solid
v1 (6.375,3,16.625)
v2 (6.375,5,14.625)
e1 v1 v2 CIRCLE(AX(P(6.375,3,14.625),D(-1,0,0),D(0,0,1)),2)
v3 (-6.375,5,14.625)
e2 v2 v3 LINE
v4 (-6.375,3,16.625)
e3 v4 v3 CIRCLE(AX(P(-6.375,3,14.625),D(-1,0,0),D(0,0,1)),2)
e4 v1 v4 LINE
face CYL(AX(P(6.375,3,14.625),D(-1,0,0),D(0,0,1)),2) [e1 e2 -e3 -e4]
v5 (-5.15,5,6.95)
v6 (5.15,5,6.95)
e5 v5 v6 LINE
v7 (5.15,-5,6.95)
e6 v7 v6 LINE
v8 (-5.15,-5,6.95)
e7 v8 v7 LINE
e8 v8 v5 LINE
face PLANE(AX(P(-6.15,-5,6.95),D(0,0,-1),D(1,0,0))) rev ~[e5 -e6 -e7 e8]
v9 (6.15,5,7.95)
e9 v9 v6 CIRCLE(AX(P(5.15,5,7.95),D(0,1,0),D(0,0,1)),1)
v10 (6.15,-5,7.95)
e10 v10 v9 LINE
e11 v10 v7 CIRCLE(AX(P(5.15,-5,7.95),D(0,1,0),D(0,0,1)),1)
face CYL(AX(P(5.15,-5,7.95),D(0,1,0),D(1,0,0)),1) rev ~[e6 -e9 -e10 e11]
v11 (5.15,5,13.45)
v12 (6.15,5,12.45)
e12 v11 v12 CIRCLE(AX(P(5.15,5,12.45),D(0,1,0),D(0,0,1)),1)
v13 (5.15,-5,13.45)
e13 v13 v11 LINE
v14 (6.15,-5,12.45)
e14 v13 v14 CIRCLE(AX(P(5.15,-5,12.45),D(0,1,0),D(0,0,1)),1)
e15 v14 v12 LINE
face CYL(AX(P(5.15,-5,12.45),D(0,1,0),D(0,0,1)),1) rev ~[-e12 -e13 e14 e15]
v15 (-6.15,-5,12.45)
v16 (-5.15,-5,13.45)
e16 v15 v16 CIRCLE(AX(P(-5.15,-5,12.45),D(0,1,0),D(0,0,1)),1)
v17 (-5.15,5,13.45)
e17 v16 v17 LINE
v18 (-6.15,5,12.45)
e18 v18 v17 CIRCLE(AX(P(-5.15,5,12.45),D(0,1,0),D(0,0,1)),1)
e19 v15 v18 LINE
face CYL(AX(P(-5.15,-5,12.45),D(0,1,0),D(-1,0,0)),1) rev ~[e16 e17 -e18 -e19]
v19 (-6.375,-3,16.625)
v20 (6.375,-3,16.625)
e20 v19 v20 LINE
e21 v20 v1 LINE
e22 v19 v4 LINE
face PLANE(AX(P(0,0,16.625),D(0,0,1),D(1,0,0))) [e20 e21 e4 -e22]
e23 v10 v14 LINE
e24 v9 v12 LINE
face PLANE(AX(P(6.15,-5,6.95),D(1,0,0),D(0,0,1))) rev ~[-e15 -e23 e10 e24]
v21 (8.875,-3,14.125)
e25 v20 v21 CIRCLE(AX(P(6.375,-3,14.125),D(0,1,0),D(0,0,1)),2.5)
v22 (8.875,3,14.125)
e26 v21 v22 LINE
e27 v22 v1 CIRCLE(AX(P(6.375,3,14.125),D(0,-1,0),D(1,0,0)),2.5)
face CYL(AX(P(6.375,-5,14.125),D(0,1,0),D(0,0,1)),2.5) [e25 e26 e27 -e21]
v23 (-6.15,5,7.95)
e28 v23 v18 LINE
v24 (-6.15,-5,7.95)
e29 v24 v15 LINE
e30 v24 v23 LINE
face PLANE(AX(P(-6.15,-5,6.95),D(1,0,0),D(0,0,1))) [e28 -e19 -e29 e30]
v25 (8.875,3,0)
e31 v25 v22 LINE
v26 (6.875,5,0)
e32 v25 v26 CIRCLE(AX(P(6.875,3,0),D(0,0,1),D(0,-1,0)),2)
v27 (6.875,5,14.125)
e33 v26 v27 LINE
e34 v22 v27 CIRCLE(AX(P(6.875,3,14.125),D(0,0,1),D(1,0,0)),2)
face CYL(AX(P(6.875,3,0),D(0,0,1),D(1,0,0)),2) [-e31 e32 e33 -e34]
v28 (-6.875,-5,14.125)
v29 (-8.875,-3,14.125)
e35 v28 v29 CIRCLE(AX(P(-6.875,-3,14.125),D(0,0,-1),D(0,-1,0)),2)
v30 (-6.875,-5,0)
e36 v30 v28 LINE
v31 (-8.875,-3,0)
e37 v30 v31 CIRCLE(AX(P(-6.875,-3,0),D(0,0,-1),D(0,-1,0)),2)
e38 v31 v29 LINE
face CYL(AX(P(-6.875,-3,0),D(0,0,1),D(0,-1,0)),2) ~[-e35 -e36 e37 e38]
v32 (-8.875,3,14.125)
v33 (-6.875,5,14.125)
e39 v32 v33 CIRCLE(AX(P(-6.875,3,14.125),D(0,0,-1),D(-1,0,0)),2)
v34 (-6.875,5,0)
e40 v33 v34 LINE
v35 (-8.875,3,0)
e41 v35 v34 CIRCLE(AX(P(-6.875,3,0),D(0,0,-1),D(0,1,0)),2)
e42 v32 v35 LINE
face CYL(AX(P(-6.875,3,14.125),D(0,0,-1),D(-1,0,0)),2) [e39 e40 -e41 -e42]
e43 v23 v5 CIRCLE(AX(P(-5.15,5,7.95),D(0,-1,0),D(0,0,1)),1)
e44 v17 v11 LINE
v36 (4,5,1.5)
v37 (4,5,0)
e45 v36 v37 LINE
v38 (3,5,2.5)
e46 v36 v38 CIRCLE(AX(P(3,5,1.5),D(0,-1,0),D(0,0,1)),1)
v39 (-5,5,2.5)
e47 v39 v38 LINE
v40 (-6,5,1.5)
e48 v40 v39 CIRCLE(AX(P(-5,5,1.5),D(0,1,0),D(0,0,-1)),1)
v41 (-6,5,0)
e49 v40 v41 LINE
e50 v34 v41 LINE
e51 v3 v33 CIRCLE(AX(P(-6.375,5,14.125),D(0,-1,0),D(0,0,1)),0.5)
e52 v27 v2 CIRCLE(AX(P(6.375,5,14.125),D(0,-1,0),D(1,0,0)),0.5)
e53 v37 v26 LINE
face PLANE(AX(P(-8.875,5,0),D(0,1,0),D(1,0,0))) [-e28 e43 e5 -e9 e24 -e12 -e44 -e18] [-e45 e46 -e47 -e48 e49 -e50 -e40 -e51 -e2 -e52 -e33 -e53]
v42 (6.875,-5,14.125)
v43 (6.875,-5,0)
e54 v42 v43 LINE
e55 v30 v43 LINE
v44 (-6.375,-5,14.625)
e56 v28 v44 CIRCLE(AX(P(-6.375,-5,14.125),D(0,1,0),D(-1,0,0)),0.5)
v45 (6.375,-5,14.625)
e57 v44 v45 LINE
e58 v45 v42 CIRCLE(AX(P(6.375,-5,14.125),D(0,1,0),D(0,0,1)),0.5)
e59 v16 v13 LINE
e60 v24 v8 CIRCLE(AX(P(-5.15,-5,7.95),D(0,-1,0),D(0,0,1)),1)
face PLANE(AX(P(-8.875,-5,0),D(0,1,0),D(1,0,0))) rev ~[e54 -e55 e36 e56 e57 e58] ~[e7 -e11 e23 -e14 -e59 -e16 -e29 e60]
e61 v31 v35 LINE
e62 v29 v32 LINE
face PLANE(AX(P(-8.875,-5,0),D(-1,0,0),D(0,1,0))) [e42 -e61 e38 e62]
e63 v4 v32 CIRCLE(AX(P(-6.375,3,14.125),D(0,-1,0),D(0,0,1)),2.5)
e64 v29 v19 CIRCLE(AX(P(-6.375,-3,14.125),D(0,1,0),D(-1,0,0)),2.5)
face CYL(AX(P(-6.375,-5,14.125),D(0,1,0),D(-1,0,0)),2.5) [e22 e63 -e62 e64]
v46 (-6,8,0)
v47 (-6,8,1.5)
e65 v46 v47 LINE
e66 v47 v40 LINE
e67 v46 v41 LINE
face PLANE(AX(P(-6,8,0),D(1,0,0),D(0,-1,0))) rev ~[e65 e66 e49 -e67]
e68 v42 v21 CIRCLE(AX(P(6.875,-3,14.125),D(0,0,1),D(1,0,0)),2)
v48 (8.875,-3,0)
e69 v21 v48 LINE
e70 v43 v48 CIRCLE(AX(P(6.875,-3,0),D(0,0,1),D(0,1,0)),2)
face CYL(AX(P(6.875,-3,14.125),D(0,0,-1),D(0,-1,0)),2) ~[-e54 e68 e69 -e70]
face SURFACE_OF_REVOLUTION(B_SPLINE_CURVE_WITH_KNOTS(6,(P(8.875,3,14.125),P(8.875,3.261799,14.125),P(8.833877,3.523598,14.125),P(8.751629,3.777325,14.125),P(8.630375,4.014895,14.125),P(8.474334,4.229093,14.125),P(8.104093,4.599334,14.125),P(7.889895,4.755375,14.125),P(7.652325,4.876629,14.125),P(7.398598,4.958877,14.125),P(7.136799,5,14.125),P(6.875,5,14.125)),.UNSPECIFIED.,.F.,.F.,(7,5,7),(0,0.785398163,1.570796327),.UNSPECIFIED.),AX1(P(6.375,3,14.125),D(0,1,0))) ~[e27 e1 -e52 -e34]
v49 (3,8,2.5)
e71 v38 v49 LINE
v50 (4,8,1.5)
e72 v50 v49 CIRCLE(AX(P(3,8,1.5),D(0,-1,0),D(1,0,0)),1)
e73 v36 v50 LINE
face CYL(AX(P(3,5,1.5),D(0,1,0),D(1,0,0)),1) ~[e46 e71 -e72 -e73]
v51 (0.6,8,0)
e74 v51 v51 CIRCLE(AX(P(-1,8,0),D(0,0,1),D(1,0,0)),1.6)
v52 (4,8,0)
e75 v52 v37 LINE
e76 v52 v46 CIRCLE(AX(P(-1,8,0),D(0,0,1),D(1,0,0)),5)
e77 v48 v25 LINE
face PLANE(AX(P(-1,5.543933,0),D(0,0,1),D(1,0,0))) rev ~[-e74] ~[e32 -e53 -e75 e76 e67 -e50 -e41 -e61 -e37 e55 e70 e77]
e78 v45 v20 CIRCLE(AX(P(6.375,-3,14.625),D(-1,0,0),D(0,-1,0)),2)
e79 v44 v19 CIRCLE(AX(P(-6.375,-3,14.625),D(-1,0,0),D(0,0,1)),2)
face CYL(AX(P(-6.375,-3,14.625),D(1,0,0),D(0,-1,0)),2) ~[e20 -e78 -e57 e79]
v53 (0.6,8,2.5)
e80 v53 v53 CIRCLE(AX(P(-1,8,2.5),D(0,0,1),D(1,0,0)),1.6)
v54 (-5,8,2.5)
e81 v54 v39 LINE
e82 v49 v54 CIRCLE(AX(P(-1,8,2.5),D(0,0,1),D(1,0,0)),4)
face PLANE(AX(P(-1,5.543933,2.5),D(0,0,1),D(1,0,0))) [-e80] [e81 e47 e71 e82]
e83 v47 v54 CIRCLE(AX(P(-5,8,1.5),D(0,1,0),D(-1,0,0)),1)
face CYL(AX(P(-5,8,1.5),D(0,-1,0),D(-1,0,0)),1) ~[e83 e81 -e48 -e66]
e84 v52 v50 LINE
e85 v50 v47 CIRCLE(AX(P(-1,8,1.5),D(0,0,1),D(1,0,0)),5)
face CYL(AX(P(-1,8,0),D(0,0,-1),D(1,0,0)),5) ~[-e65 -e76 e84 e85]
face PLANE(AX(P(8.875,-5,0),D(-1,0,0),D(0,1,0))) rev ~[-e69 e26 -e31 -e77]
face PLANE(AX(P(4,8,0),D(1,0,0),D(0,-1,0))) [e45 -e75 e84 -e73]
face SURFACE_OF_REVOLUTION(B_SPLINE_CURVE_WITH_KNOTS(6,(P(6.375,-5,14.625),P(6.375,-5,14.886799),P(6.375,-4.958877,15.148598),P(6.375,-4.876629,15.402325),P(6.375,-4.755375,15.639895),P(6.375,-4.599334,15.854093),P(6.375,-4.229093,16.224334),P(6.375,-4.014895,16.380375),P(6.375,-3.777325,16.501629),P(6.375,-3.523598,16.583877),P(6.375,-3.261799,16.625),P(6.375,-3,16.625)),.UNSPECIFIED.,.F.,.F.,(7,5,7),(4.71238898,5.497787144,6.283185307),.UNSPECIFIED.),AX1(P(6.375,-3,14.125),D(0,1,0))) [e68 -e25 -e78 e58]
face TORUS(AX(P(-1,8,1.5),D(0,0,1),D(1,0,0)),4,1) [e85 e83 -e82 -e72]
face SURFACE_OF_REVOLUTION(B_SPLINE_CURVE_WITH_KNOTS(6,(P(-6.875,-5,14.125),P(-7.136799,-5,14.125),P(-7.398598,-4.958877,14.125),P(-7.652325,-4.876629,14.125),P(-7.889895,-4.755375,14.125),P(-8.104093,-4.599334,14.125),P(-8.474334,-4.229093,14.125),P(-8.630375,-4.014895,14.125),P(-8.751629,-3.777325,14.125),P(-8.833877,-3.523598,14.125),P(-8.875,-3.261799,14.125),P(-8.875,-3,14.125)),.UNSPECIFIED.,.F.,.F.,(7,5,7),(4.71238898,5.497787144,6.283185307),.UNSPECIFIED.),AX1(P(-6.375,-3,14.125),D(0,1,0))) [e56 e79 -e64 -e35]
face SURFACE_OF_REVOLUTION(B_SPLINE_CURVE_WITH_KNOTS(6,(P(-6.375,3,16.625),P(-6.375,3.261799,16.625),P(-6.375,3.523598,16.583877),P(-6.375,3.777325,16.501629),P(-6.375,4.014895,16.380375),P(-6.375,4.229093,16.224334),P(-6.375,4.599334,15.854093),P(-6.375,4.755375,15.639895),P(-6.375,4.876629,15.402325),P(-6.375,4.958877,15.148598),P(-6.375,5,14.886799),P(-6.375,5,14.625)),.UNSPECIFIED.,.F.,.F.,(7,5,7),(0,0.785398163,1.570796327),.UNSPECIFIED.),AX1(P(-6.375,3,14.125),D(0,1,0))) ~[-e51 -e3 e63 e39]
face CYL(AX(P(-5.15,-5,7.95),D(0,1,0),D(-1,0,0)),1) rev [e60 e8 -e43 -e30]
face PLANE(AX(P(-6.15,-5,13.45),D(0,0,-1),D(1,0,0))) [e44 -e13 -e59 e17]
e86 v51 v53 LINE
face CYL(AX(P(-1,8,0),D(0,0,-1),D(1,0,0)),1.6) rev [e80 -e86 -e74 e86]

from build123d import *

# Parameters (mm, degrees)
SKETCH042_W     = 17.75
SKETCH042_H     = 10
PAD023_DEPTH    = 16.625
SKETCH043_W     = 12.3
SKETCH043_H     = 6.5
POCKET020_DEPTH = 10
FILLET013_R     = 1
FILLET014_R     = 2.5
FILLET015_R     = 2
FILLET016_R     = 2
SKETCH044_R     = 1.6
PAD024_DEPTH    = 2.5
FILLET017_R     = 1


with BuildPart() as part:
    # Sketch042 → Pad023 (new body)
    with BuildSketch(Plane.XY):
        Rectangle(SKETCH042_W, SKETCH042_H)
    extrude(amount=PAD023_DEPTH)

    # Sketch043 (on Face3 of Pad023) → Pocket020 (cut)
    with BuildSketch(Plane.XZ.offset(5)):
        with Locations((0, 10.2)):
            Rectangle(SKETCH043_W, SKETCH043_H)
    extrude(amount=-POCKET020_DEPTH, mode=Mode.SUBTRACT)

    # Fillet013
    fillet013_edges = [part.edges().sort_by_distance(p)[0] for p in [
        (-6.15, 0, 13.45),
        (6.15, 0, 13.45),
        (6.15, 0, 6.95),
        (-6.15, 0, 6.95),
    ]]
    fillet(fillet013_edges, radius=FILLET013_R)

    # Fillet014
    fillet014_edges = [part.edges().sort_by_distance(p)[0] for p in [
        (8.875, 0, 16.625),
        (-8.875, 0, 16.625),
    ]]
    fillet(fillet014_edges, radius=FILLET014_R)

    # Fillet015
    fillet015_edges = [part.edges().sort_by_distance(p)[0] for p in [
        (8.875, 5, 7.0625),
        (-8.875, 5, 7.0625),
    ]]
    fillet(fillet015_edges, radius=FILLET015_R)

    # Fillet016
    fillet016_edges = [part.edges().sort_by_distance(p)[0] for p in [
        (0, -5, 16.625),
    ]]
    fillet(fillet016_edges, radius=FILLET016_R)

    # Sketch044 → Pad024 (join)
    with BuildSketch(Plane.XY):
        with BuildLine():
            Line((-6, 8), (-6, 0))
            Line((-6, 0), (4, 0))
            Line((4, 8), (4, 0))
            ThreePointArc((4, 8), (-1, 13), (-6, 8))
        make_face()
        with Locations((-1, 8)):
            Circle(SKETCH044_R, mode=Mode.SUBTRACT)
    extrude(amount=PAD024_DEPTH)

    # Fillet017
    fillet017_edges = [part.edges().sort_by_distance(p)[0] for p in [
        (-6, 6.5, 2.5),
        (-1, 13, 2.5),
        (4, 6.5, 2.5),
    ]]
    fillet(fillet017_edges, radius=FILLET017_R)


solid = part.part
